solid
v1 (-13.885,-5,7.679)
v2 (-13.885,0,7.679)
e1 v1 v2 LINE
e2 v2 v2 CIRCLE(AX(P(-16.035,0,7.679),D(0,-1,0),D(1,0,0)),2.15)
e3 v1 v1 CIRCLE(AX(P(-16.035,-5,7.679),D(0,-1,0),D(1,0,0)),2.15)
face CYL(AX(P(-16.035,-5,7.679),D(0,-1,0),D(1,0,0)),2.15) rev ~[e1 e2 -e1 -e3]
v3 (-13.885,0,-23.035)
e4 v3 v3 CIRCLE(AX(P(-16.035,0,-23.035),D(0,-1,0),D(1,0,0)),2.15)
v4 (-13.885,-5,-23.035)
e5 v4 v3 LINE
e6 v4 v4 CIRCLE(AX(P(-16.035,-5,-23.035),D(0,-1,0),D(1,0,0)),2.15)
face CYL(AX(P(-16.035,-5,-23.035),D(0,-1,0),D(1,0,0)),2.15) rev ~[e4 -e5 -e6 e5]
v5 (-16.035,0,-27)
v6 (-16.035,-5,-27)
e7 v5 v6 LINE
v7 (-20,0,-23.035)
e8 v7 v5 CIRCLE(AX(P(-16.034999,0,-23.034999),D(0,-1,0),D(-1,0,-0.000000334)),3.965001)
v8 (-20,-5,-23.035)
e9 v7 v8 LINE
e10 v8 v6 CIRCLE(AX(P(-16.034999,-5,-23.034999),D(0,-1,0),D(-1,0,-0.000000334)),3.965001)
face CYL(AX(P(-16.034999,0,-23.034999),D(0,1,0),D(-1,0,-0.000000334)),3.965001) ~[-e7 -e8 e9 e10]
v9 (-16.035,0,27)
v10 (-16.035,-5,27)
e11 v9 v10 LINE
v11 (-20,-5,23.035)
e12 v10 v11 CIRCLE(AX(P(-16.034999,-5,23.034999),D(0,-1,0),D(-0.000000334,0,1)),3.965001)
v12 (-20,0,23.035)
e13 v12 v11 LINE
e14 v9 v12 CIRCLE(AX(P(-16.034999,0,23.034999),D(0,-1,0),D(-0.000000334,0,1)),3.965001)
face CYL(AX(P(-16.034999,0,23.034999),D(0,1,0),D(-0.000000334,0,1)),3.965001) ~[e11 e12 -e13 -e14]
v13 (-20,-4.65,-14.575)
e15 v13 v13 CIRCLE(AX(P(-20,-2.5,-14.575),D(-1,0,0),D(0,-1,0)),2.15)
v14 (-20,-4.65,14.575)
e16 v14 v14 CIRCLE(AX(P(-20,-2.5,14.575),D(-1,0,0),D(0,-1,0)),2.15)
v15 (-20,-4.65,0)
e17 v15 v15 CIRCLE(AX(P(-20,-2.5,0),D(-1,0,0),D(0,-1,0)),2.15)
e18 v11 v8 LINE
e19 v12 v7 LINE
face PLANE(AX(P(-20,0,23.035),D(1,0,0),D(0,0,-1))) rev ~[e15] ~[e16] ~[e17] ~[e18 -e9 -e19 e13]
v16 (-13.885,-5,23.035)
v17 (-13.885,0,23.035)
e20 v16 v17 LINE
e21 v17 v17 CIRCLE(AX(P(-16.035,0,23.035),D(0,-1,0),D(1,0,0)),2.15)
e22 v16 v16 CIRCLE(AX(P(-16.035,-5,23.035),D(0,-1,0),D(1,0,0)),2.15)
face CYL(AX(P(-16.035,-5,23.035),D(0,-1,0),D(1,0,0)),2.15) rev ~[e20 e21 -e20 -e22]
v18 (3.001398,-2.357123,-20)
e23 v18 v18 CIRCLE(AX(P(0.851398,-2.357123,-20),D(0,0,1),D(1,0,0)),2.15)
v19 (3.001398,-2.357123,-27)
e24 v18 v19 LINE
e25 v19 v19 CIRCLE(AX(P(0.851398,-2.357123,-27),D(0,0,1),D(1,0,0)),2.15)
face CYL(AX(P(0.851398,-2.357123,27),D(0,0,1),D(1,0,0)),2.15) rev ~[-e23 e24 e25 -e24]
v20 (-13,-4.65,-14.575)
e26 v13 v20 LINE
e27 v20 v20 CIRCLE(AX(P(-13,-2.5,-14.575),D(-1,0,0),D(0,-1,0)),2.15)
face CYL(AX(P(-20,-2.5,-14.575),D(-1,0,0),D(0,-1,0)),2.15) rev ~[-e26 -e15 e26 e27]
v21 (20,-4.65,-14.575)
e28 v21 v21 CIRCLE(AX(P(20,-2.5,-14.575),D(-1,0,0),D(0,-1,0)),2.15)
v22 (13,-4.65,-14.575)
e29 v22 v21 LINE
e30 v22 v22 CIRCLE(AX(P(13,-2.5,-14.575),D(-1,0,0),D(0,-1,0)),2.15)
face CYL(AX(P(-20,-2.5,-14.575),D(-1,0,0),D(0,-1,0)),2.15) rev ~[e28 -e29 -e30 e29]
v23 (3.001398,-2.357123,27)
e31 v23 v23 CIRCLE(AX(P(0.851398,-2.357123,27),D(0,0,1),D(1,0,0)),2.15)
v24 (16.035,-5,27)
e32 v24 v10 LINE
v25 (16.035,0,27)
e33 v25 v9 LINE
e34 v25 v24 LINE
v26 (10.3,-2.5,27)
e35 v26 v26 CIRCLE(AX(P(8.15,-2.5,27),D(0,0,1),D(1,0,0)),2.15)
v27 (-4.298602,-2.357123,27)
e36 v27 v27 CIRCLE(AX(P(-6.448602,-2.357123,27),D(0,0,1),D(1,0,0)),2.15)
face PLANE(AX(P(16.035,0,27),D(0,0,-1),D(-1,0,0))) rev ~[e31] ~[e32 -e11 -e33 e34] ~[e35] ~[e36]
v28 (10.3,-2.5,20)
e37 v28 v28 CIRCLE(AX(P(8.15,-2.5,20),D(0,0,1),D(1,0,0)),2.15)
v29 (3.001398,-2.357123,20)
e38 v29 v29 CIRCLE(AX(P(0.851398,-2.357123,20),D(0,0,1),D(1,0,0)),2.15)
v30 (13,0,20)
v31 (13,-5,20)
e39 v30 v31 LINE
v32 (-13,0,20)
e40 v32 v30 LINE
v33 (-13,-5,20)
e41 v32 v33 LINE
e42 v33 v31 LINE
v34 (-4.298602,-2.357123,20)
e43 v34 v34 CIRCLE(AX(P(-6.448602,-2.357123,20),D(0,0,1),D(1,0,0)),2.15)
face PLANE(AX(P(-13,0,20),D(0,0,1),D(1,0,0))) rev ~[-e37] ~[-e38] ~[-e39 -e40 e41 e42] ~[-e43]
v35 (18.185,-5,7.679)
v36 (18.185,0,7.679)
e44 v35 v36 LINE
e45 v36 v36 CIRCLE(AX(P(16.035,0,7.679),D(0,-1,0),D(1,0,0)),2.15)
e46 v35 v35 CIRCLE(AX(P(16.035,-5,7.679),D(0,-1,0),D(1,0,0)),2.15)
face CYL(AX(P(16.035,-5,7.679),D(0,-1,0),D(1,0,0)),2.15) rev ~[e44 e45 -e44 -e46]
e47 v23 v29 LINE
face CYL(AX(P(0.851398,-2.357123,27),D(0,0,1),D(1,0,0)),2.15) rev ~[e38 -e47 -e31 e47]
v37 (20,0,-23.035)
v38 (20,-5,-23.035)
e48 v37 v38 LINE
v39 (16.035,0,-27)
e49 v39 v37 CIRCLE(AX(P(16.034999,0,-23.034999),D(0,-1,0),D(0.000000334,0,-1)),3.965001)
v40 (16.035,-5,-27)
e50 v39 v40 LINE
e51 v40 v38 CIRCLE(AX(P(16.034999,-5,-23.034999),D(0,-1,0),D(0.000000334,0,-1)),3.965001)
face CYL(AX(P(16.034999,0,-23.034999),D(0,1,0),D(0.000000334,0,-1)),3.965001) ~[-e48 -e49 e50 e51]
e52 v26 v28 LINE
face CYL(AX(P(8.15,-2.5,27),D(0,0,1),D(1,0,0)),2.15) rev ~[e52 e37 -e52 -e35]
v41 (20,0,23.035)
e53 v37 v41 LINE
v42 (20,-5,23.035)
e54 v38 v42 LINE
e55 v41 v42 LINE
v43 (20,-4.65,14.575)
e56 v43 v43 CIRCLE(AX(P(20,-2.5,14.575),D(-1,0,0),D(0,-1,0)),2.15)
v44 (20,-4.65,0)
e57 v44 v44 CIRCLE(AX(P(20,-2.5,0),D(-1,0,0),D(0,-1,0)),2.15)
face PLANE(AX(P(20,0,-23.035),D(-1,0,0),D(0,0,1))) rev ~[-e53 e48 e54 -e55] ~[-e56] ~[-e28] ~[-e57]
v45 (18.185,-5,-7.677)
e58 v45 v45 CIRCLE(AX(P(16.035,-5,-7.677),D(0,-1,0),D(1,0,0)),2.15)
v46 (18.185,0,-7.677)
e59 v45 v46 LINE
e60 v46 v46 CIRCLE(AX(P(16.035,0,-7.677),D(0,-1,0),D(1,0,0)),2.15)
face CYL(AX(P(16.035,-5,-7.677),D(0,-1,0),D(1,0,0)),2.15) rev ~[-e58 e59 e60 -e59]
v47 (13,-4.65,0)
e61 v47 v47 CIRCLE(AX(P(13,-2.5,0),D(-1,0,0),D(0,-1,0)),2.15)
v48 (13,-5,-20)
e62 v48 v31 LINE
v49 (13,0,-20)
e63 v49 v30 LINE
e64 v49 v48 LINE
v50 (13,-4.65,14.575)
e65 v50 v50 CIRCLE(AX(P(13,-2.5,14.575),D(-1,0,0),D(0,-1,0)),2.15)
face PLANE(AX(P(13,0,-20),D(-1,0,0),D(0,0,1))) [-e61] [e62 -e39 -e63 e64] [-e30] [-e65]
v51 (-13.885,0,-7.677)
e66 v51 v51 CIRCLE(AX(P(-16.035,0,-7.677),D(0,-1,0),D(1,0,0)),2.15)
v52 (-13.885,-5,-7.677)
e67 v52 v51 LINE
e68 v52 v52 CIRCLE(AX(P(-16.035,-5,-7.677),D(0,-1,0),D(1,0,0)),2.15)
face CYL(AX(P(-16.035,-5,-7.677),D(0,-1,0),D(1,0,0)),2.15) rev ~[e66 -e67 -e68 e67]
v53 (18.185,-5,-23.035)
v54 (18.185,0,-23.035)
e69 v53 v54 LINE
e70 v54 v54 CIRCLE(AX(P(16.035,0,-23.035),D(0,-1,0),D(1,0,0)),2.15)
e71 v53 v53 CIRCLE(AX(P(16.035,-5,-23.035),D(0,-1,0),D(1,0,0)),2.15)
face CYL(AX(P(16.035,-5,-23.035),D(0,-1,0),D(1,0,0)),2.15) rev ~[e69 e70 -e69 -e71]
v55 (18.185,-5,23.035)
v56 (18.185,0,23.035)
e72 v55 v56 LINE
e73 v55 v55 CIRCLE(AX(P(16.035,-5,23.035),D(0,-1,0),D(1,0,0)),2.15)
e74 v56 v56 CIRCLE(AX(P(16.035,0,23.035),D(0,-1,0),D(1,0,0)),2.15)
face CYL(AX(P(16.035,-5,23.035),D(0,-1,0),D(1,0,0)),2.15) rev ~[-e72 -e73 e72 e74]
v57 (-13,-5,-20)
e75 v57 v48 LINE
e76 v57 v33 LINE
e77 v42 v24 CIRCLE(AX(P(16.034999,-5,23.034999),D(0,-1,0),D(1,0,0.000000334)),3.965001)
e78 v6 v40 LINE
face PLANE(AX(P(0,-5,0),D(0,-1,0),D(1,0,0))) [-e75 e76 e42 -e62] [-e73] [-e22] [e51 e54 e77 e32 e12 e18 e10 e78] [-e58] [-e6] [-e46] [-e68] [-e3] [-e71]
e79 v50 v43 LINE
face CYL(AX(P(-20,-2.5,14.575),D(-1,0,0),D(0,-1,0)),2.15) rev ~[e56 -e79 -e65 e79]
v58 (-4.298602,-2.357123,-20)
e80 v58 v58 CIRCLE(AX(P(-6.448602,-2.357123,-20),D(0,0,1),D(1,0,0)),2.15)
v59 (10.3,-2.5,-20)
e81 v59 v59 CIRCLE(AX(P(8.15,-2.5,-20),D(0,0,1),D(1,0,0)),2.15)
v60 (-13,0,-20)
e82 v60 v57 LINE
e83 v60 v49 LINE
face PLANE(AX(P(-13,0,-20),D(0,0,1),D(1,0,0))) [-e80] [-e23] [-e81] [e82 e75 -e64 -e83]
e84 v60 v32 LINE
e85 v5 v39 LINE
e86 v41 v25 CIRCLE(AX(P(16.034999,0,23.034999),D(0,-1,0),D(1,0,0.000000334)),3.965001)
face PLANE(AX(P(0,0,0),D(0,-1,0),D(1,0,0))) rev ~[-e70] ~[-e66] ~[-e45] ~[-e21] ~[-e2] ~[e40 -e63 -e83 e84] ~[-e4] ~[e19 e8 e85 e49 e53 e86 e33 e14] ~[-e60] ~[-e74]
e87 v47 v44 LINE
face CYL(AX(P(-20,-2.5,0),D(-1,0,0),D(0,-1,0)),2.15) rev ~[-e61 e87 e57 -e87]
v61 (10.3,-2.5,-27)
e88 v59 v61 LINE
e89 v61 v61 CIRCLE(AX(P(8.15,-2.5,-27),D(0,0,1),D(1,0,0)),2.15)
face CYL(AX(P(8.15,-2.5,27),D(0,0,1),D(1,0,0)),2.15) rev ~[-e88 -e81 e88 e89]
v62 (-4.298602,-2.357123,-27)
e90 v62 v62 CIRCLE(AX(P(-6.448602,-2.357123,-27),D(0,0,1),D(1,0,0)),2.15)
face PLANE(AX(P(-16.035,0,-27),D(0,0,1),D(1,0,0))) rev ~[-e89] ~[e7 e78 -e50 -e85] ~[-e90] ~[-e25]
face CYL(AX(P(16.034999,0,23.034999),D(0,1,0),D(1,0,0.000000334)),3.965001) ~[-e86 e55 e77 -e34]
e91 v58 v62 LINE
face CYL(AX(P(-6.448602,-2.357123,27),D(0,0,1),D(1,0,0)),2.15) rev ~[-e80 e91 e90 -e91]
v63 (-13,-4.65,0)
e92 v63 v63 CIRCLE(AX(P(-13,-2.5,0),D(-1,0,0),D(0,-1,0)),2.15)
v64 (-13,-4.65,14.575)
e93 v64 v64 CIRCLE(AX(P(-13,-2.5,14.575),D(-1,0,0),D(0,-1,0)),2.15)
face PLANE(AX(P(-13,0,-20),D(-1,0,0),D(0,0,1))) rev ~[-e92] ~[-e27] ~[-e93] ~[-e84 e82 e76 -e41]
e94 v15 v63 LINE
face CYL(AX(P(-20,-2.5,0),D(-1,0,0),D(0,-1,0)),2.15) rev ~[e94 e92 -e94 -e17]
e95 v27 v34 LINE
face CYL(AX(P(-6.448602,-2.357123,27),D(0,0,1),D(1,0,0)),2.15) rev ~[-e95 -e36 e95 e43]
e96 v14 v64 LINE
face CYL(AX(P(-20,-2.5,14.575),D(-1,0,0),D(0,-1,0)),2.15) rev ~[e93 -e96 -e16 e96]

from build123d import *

# Parameters (mm, degrees)
F0_W     = 26
F0_H     = 40
F1_DEPTH = 5
F2_R     = 2.15
F3_DEPTH = 5.001
F4_R     = 2.15
F5_DEPTH = 54.001
F6_R     = 2.15
F7_DEPTH = 40.001


with BuildPart() as f1:
    # F0 (on Front) → F1 (new body)
    with BuildSketch(Plane.XZ):
        with BuildLine():
            ThreePointArc((20, 23.035), (18.838678, 25.838678), (16.035, 27))
            Line((16.035, 27), (-16.035, 27))
            ThreePointArc((-16.035, 27), (-18.838678, 25.838678), (-20, 23.035))
            Line((-20, 23.035), (-20, -23.035))
            ThreePointArc((-20, -23.035), (-18.838678, -25.838678), (-16.035, -27))
            Line((-16.035, -27), (16.035, -27))
            ThreePointArc((16.035, -27), (18.838678, -25.838678), (20, -23.035))
            Line((20, -23.035), (20, 23.035))
        make_face()
        Rectangle(F0_W, F0_H, mode=Mode.SUBTRACT)
    extrude(amount=F1_DEPTH)

    # F2 (on face) → F3 (cut, through all)
    with BuildSketch(Plane.XZ.offset(5)):
        with Locations((-16.035, -23.035)):
            Circle(F2_R)
        with Locations((-16.035, -7.677)):
            Circle(F2_R)
        with Locations((-16.035, 7.679)):
            Circle(F2_R)
        with Locations((-16.035, 23.035)):
            Circle(F2_R)
        with Locations((16.035, 23.035)):
            Circle(F2_R)
        with Locations((16.035, 7.679)):
            Circle(F2_R)
        with Locations((16.035, -7.677)):
            Circle(F2_R)
        with Locations((16.035, -23.035)):
            Circle(F2_R)
    extrude(amount=-F3_DEPTH, mode=Mode.SUBTRACT)

    # F4 (on face) → F5 (cut, through all)
    with BuildSketch(Plane.XY.offset(27)):
        with Locations((8.15, -2.5)):
            Circle(F4_R)
        with Locations((0.851398, -2.357123)):
            Circle(F4_R)
        with Locations((-6.448602, -2.357123)):
            Circle(F4_R)
    extrude(amount=-F5_DEPTH, mode=Mode.SUBTRACT)

    # F6 (on face) → F7 (cut, through all)
    with BuildSketch(Plane(origin=(-20, 0, 0), x_dir=(0, -1, 0), z_dir=(-1, 0, 0))):
        with Locations((2.5, 14.575)):
            Circle(F6_R)
        with Locations((2.5, 0)):
            Circle(F6_R)
        with Locations((2.5, -14.575)):
            Circle(F6_R)
    extrude(amount=-F7_DEPTH, mode=Mode.SUBTRACT)


solid = f1.part
